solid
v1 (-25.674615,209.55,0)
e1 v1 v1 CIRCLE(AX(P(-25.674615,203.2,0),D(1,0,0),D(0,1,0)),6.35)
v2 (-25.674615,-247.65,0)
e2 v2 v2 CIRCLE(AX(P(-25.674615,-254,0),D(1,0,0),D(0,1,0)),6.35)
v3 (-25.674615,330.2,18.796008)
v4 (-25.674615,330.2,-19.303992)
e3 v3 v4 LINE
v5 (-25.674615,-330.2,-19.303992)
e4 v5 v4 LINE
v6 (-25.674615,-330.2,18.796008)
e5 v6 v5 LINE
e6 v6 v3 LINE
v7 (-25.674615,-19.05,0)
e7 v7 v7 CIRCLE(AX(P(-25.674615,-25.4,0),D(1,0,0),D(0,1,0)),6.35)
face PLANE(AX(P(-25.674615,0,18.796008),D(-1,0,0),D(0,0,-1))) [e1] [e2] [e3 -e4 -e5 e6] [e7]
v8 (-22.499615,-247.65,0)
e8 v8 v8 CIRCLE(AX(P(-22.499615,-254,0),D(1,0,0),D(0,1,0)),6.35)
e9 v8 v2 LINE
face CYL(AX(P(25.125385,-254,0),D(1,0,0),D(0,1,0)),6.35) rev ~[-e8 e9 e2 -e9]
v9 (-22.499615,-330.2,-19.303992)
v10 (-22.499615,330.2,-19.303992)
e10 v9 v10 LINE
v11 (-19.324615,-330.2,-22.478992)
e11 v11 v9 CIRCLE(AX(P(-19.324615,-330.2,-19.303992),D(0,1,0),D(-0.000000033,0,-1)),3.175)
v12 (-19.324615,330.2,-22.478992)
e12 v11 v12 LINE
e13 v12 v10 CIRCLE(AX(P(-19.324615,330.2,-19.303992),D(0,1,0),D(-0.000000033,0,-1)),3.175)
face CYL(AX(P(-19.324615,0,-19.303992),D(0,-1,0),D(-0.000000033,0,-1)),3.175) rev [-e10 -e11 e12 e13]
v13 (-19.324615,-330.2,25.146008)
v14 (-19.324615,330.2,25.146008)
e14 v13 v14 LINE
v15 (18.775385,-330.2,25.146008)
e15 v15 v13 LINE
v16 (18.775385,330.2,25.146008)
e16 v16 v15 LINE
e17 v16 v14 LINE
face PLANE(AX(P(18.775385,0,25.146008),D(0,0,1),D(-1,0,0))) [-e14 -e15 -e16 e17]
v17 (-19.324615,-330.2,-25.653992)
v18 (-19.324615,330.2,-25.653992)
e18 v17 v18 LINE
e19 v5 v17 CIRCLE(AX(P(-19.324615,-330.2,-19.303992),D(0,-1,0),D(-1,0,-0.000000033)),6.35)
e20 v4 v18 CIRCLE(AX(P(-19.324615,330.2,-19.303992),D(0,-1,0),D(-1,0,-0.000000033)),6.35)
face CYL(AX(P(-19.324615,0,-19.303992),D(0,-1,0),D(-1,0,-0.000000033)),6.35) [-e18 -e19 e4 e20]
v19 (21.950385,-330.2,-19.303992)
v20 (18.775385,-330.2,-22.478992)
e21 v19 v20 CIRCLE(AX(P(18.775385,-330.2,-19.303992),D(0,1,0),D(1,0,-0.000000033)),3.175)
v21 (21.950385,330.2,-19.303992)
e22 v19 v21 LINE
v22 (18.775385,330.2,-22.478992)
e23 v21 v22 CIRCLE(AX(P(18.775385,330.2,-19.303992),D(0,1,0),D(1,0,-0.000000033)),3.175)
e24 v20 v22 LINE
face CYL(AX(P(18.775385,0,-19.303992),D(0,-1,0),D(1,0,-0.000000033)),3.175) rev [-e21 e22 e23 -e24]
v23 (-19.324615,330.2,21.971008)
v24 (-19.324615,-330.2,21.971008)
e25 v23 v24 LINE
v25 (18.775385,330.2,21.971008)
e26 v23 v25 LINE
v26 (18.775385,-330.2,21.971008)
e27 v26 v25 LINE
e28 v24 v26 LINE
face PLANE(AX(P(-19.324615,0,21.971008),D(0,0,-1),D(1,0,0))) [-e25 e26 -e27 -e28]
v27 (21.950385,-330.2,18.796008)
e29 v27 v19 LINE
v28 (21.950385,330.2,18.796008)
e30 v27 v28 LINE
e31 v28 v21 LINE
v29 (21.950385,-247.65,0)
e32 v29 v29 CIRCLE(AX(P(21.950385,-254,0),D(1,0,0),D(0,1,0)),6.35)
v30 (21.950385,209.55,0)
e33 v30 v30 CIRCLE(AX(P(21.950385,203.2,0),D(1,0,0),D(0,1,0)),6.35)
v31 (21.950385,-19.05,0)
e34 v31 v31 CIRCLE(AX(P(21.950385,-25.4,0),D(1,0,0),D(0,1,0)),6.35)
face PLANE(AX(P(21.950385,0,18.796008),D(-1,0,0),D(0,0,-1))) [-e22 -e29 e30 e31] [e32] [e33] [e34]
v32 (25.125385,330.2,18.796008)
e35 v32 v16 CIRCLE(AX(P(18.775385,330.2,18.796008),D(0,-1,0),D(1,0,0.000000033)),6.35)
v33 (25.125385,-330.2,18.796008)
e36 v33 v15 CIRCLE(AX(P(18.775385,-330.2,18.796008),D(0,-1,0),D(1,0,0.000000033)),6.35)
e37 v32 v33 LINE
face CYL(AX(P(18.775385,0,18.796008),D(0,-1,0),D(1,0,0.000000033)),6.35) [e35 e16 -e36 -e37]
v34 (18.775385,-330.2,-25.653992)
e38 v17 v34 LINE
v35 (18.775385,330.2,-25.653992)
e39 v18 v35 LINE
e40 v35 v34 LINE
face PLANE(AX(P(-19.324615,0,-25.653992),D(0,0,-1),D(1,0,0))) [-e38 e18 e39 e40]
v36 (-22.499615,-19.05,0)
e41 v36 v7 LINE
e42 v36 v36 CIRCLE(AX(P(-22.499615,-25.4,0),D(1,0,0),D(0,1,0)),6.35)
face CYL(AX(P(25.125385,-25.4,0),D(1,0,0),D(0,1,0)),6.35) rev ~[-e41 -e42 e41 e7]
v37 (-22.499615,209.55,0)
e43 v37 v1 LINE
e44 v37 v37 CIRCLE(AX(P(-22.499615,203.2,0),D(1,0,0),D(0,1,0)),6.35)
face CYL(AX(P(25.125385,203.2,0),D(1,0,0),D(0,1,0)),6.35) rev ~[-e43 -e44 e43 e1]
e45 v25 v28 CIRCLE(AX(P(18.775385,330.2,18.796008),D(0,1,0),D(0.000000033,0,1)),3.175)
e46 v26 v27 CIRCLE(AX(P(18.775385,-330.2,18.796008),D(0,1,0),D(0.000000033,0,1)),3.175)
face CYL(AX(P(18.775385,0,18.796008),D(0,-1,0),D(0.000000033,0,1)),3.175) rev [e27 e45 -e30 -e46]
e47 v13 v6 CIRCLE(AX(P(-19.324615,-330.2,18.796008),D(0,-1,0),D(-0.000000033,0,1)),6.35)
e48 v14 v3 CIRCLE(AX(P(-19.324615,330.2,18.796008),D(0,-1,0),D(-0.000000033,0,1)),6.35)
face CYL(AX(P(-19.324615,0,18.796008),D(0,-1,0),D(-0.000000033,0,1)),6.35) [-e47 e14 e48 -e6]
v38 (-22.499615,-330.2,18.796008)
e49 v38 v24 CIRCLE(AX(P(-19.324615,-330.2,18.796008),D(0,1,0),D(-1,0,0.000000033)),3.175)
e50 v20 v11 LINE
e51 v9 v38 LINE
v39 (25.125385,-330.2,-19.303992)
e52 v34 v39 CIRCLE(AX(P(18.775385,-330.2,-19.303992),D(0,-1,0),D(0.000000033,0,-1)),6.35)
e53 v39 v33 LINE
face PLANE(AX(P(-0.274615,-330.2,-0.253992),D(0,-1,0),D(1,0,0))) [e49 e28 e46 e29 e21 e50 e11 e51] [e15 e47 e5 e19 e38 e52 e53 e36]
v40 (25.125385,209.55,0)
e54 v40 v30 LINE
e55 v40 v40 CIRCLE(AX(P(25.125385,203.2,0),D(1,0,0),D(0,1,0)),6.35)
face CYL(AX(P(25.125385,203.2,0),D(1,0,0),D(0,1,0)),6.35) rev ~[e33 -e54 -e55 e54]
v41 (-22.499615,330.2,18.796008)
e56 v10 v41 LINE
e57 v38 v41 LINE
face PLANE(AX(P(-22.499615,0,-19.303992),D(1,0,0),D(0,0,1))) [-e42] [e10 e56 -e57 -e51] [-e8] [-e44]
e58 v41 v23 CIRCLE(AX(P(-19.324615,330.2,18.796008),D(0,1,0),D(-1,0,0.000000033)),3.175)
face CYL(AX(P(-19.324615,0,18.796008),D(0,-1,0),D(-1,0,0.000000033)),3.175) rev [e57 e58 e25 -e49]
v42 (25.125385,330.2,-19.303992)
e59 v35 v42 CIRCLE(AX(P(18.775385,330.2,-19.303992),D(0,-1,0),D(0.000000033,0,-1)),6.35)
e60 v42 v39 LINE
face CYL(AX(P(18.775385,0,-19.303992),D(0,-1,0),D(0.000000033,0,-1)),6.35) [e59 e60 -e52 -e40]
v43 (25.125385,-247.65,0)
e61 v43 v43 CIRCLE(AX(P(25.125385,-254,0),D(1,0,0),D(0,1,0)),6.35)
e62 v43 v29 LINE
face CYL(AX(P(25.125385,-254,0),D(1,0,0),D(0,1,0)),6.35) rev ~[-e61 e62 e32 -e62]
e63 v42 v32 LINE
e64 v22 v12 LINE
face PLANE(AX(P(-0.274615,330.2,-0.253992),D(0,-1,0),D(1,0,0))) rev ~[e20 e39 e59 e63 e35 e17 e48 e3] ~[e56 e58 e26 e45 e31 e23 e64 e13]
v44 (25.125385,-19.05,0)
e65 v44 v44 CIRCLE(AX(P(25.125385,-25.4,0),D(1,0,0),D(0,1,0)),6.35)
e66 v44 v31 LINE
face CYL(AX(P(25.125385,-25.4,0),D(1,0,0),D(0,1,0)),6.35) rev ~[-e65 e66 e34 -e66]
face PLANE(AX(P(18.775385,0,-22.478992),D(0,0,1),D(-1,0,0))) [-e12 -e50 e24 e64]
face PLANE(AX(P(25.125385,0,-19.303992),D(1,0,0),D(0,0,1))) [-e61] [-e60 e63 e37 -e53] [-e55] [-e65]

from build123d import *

# Parameters (mm, degrees)
F1_DEPTH = 330.2
F2_R     = 6.35
F3_DEPTH = 50.801


with BuildPart() as f1:
    # F0 (on Front) → F1 (new body, symmetric)
    with BuildSketch(Plane.XZ):
        with BuildLine():
            Line((-19.324615, -25.653992), (18.775385, -25.653992))
            ThreePointArc((18.775385, -25.653992), (23.265513, -23.79412), (25.125385, -19.303992))
            Line((25.125385, -19.303992), (25.125385, 18.796008))
            ThreePointArc((25.125385, 18.796008), (23.265513, 23.286136), (18.775385, 25.146008))
            Line((18.775385, 25.146008), (-19.324615, 25.146008))
            ThreePointArc((-19.324615, 25.146008), (-23.814743, 23.286136), (-25.674615, 18.796008))
            Line((-25.674615, 18.796008), (-25.674615, -19.303992))
            ThreePointArc((-25.674615, -19.303992), (-23.814743, -23.79412), (-19.324615, -25.653992))
        make_face()
        with BuildLine():
            Line((-19.324615, 21.971008), (18.775385, 21.971008))
            ThreePointArc((18.775385, 21.971008), (21.020449, 21.041072), (21.950385, 18.796008))
            Line((21.950385, 18.796008), (21.950385, -19.303992))
            ThreePointArc((21.950385, -19.303992), (21.020449, -21.549056), (18.775385, -22.478992))
            Line((18.775385, -22.478992), (-19.324615, -22.478992))
            ThreePointArc((-19.324615, -22.478992), (-21.569679, -21.549056), (-22.499615, -19.303992))
            Line((-22.499615, -19.303992), (-22.499615, 18.796008))
            ThreePointArc((-22.499615, 18.796008), (-21.569679, 21.041072), (-19.324615, 21.971008))
        make_face(mode=Mode.SUBTRACT)
    extrude(amount=F1_DEPTH, both=True)

    # F2 (on face) → F3 (cut, through all)
    with BuildSketch(Plane.YZ.offset(25.125385)):
        with Locations((-254, 0)):
            Circle(F2_R)
        with Locations((203.2, 0)):
            Circle(F2_R)
        with Locations((-25.4, 0)):
            Circle(F2_R)
    extrude(amount=-F3_DEPTH, mode=Mode.SUBTRACT)


solid = f1.part
